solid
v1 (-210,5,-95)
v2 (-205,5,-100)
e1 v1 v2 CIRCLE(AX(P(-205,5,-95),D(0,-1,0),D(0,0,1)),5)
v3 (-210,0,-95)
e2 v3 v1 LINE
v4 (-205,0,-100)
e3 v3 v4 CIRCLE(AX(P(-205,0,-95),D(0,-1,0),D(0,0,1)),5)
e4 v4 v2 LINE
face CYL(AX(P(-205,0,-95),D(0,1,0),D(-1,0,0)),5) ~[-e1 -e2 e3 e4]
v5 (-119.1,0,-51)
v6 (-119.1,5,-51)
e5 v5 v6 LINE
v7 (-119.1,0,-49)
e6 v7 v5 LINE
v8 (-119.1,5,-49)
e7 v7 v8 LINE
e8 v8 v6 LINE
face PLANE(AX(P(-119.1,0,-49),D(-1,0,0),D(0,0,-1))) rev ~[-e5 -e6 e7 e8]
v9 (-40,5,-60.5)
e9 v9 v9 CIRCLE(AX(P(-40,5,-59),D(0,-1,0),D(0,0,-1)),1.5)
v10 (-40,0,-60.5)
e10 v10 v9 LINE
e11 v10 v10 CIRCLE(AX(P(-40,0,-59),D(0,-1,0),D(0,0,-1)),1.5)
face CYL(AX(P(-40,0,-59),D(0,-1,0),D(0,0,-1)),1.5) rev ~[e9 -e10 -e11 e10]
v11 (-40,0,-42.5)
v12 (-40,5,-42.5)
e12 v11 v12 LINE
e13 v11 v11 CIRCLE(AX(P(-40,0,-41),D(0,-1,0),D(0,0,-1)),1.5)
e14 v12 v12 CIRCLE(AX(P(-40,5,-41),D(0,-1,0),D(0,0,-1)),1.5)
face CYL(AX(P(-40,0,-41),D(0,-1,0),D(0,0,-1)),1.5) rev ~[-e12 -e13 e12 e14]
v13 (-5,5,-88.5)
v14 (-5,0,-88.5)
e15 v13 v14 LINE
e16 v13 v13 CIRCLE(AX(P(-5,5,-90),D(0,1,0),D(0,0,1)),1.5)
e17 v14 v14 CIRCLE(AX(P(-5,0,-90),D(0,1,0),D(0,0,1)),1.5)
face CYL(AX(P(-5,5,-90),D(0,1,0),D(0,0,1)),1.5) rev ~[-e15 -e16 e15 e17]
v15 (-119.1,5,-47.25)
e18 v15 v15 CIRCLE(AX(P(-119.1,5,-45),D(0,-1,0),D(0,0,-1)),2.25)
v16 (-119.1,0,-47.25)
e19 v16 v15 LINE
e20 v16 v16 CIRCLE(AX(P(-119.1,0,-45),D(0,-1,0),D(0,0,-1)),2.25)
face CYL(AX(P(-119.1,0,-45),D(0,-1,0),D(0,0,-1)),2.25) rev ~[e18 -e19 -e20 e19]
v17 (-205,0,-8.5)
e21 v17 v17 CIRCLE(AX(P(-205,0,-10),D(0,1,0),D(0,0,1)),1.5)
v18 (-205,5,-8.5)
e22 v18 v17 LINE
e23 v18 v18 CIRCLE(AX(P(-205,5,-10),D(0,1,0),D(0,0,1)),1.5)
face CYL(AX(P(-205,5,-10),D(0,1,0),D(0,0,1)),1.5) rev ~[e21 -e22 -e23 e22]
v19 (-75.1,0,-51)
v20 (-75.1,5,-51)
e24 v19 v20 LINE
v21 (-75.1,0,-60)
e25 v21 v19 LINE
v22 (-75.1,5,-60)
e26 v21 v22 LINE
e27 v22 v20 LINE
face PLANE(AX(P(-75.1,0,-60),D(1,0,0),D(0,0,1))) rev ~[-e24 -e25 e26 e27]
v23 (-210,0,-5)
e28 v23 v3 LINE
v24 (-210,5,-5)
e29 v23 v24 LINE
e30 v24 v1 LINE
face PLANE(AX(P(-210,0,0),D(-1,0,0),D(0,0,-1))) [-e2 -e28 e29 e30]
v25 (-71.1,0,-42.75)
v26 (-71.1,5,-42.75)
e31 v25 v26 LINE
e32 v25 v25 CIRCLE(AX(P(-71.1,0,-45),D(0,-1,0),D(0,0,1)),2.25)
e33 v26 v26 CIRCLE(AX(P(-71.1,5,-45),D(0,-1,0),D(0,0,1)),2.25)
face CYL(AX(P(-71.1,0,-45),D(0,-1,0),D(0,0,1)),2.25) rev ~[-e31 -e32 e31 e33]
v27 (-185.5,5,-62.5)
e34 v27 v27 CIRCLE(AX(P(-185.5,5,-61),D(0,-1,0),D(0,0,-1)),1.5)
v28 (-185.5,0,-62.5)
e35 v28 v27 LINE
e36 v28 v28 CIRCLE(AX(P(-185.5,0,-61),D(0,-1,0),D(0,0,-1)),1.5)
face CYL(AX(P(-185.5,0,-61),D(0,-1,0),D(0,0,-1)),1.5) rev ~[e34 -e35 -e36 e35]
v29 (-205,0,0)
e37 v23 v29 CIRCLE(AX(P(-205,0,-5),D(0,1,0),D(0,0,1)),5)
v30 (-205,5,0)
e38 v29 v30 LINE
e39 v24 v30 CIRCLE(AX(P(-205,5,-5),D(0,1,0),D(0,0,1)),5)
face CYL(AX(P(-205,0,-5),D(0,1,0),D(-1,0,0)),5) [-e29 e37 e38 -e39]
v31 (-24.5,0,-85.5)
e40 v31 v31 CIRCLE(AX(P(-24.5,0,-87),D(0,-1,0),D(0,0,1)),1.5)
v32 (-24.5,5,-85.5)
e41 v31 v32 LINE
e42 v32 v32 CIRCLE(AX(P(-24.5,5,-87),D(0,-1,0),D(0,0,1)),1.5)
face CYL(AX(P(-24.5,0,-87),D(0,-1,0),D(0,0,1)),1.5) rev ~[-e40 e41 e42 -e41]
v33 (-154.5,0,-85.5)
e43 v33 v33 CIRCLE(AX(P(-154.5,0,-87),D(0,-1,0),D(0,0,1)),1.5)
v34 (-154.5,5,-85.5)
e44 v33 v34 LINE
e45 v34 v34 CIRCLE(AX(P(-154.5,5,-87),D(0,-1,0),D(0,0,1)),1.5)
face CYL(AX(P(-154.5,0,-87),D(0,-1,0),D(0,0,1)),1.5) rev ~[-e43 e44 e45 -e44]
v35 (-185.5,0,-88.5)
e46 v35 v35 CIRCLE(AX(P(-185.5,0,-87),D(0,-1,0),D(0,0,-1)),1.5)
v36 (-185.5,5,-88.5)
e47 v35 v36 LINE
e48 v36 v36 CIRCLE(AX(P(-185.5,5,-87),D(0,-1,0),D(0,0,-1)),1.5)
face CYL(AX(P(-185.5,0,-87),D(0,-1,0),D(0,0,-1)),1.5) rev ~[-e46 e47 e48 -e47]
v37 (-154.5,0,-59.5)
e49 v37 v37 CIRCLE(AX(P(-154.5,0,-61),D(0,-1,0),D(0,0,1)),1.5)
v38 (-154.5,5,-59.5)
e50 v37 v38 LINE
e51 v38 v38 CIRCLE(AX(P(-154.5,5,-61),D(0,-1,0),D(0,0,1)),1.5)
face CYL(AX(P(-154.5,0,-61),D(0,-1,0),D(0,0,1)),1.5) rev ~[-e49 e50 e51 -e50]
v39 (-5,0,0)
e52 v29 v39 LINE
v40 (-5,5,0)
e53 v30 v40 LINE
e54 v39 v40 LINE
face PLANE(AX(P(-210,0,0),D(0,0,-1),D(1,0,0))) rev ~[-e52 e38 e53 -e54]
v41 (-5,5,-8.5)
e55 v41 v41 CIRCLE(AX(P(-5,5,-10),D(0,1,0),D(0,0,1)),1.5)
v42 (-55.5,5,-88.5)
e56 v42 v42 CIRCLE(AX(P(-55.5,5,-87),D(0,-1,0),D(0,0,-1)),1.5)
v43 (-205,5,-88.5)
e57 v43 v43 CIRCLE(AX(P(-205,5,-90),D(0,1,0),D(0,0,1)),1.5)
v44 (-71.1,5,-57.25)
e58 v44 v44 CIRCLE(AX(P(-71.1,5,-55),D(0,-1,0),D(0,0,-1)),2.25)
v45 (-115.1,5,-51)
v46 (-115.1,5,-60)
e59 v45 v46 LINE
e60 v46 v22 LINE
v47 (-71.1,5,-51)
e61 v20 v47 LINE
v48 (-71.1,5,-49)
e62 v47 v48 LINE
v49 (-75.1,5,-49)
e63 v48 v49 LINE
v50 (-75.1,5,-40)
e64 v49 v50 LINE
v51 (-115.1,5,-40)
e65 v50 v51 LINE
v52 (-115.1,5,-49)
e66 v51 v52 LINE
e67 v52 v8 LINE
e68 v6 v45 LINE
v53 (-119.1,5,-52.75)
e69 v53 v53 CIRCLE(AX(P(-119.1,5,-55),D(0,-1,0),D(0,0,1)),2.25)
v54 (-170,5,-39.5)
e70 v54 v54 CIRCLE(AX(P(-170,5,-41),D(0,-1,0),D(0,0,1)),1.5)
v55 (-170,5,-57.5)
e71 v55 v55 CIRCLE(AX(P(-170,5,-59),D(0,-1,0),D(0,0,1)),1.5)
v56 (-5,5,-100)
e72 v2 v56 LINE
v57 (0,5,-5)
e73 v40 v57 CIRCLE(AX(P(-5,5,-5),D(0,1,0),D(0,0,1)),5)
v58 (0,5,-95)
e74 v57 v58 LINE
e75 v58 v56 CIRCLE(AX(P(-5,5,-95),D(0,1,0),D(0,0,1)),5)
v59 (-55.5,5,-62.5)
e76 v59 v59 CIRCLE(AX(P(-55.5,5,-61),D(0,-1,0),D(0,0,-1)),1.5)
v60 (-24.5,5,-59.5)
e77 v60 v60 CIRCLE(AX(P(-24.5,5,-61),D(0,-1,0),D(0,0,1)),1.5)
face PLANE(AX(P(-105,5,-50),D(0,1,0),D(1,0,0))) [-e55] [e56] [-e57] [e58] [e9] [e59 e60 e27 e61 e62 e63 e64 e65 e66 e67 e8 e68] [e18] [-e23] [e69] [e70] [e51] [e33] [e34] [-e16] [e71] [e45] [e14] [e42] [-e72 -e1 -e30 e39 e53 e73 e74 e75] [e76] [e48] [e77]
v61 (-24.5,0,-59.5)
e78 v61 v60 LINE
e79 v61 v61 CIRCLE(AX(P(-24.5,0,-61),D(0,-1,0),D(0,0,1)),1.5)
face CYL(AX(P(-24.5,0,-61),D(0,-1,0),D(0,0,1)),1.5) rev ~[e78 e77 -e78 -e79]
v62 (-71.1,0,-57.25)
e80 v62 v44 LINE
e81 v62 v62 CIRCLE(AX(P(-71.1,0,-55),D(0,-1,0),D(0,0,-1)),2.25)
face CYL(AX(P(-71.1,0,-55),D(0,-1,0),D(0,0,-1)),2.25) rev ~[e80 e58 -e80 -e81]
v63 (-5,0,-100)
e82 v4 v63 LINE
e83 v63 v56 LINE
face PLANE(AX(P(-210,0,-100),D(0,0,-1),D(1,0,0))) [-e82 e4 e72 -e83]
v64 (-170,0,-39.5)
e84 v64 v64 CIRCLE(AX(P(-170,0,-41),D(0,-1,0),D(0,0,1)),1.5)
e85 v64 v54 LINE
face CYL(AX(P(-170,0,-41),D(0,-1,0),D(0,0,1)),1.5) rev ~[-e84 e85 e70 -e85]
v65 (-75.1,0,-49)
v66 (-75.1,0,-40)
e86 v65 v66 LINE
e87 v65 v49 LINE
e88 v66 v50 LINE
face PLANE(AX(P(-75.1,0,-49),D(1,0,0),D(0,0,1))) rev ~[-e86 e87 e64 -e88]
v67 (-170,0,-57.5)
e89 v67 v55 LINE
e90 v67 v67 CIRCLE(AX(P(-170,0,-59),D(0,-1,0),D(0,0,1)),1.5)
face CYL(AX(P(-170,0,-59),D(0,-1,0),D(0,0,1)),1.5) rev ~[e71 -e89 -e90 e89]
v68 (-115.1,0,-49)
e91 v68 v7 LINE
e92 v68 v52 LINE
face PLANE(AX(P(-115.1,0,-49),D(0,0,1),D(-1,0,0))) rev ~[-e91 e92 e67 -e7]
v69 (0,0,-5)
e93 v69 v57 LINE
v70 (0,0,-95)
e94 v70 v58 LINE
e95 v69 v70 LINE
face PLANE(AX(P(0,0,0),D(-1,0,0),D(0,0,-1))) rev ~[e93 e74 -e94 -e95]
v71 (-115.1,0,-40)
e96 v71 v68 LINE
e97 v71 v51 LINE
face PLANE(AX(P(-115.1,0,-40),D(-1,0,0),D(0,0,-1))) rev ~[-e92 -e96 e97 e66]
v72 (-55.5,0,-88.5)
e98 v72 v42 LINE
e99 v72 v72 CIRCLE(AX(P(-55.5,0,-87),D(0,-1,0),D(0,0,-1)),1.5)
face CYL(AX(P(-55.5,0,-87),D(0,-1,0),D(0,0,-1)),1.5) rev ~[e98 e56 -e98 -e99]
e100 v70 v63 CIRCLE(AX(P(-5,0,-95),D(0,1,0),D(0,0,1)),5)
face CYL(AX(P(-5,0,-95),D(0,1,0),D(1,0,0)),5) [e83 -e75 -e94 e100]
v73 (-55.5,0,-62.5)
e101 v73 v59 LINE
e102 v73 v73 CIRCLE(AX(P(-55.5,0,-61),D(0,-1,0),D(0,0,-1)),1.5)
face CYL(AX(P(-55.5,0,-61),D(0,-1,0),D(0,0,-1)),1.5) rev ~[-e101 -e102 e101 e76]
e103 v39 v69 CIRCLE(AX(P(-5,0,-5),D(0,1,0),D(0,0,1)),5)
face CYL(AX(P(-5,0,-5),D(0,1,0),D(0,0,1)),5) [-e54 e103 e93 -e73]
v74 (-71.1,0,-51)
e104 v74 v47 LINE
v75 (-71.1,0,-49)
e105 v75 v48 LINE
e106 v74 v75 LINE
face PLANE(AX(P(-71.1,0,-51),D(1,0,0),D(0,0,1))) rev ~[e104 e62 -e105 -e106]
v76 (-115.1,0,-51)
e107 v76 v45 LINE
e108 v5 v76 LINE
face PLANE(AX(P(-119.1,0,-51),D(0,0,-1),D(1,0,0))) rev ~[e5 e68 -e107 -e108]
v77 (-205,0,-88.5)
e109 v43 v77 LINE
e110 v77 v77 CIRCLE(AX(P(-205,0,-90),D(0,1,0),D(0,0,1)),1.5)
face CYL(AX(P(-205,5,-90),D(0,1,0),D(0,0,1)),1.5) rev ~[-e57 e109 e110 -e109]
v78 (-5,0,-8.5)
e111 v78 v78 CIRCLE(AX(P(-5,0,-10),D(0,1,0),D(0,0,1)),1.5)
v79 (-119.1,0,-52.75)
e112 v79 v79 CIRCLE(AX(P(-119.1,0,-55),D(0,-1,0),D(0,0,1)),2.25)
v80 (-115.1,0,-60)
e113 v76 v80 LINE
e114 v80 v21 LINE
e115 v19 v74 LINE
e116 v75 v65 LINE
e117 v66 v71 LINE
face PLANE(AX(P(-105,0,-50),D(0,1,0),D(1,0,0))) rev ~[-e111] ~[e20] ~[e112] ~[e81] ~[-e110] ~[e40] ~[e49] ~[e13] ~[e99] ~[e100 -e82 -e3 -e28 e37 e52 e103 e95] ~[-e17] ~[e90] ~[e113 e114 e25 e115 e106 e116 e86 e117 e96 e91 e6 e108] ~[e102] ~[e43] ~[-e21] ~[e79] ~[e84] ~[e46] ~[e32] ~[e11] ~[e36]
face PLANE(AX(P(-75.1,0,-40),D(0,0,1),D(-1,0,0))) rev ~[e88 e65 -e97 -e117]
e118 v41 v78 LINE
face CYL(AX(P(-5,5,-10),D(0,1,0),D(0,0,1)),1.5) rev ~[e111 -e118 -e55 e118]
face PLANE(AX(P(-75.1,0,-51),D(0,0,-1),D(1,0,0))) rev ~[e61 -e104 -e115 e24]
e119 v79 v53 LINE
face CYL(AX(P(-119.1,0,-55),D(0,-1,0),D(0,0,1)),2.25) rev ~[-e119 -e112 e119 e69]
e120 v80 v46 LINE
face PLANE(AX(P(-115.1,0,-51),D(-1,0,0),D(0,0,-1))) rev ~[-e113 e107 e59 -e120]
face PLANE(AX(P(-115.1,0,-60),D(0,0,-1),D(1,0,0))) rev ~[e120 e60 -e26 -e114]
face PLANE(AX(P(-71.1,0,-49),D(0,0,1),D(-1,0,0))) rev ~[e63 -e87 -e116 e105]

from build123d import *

# Parameters (mm, degrees)
SKETCH_1_W          = 210
SKETCH_1_H          = 100
EXTRUDE_1_DEPTH     = 5
FILLET_1_R          = 5
SKETCH_2_R          = 1.5
CUT_EXTRUDE_1_DEPTH = 5
SKETCH_4_R          = 2.25
CUT_EXTRUDE_2_DEPTH = 5
SKETCH_6_R          = 1.5
CUT_EXTRUDE_3_DEPTH = 5


with BuildPart() as part:
    # 草图1 → 凸台-拉伸1 (new body)
    with BuildSketch(Plane(origin=(0, 0, 0), x_dir=(1, 0, 0), z_dir=(0, 1, 0))):
        with Locations((-105, 50)):
            Rectangle(SKETCH_1_W, SKETCH_1_H)
    extrude(amount=EXTRUDE_1_DEPTH)

    # 圆角1
    fillet_1_edges = [part.edges().sort_by_distance(p)[0] for p in [
        (-210, 2.5, -100),
        (0, 2.5, -100),
        (0, 2.5, 0),
        (-210, 2.5, 0),
    ]]
    fillet(fillet_1_edges, radius=FILLET_1_R)

    # 草图2 → 切除-拉伸1 (cut)
    with BuildSketch(Plane(origin=(0, 5, 0), x_dir=(1, 0, 0), z_dir=(0, 1, 0))):
        with Locations(Location((-205, 90, 0), (0, 0, 270))):
            Circle(SKETCH_2_R)
        with Locations(Location((-205, 10, 0), (0, 0, 270))):
            Circle(SKETCH_2_R)
        with Locations(Location((-5, 10, 0), (0, 0, 270))):
            Circle(SKETCH_2_R)
        with Locations(Location((-5, 90, 0), (0, 0, 270))):
            Circle(SKETCH_2_R)
    extrude(amount=-CUT_EXTRUDE_1_DEPTH, mode=Mode.SUBTRACT)

    # 草图4 → 切除-拉伸2 (cut)
    with BuildSketch(Plane.XZ):
        with Locations(Location((-119.1, -45, 0), (0, 0, 270))):
            Circle(SKETCH_4_R)
        with Locations(Location((-119.1, -55, 0), (0, 0, 90))):
            Circle(SKETCH_4_R)
        with Locations(Location((-71.1, -55, 0), (0, 0, 270))):
            Circle(SKETCH_4_R)
        with Locations(Location((-71.1, -45, 0), (0, 0, 90))):
            Circle(SKETCH_4_R)
        Polygon((-115.1, -60), (-75.1, -60), (-75.1, -51), (-71.1, -51), (-71.1, -49), (-75.1, -49), (-75.1, -40), (-115.1, -40), (-115.1, -49), (-119.1, -49), (-119.1, -51), (-115.1, -51), align=None)
    extrude(amount=-CUT_EXTRUDE_2_DEPTH, mode=Mode.SUBTRACT)

    # 草图6 → 切除-拉伸3 (cut)
    with BuildSketch(Plane.XZ):
        with Locations(Location((-40, -41, 0), (0, 0, 270))):
            Circle(SKETCH_6_R)
        with Locations(Location((-40, -59, 0), (0, 0, 270))):
            Circle(SKETCH_6_R)
        with Locations(Location((-170, -59, 0), (0, 0, 90))):
            Circle(SKETCH_6_R)
        with Locations(Location((-170, -41, 0), (0, 0, 90))):
            Circle(SKETCH_6_R)
        with Locations(Location((-185.5, -87, 0), (0, 0, 270))):
            Circle(SKETCH_6_R)
        with Locations(Location((-185.5, -61, 0), (0, 0, 270))):
            Circle(SKETCH_6_R)
        with Locations(Location((-154.5, -87, 0), (0, 0, 90))):
            Circle(SKETCH_6_R)
        with Locations(Location((-154.5, -61, 0), (0, 0, 90))):
            Circle(SKETCH_6_R)
        with Locations(Location((-55.5, -87, 0), (0, 0, 270))):
            Circle(SKETCH_6_R)
        with Locations(Location((-24.5, -87, 0), (0, 0, 90))):
            Circle(SKETCH_6_R)
        with Locations(Location((-55.5, -61, 0), (0, 0, 270))):
            Circle(SKETCH_6_R)
        with Locations(Location((-24.5, -61, 0), (0, 0, 90))):
            Circle(SKETCH_6_R)
    extrude(amount=-CUT_EXTRUDE_3_DEPTH, mode=Mode.SUBTRACT)


solid = part.part
